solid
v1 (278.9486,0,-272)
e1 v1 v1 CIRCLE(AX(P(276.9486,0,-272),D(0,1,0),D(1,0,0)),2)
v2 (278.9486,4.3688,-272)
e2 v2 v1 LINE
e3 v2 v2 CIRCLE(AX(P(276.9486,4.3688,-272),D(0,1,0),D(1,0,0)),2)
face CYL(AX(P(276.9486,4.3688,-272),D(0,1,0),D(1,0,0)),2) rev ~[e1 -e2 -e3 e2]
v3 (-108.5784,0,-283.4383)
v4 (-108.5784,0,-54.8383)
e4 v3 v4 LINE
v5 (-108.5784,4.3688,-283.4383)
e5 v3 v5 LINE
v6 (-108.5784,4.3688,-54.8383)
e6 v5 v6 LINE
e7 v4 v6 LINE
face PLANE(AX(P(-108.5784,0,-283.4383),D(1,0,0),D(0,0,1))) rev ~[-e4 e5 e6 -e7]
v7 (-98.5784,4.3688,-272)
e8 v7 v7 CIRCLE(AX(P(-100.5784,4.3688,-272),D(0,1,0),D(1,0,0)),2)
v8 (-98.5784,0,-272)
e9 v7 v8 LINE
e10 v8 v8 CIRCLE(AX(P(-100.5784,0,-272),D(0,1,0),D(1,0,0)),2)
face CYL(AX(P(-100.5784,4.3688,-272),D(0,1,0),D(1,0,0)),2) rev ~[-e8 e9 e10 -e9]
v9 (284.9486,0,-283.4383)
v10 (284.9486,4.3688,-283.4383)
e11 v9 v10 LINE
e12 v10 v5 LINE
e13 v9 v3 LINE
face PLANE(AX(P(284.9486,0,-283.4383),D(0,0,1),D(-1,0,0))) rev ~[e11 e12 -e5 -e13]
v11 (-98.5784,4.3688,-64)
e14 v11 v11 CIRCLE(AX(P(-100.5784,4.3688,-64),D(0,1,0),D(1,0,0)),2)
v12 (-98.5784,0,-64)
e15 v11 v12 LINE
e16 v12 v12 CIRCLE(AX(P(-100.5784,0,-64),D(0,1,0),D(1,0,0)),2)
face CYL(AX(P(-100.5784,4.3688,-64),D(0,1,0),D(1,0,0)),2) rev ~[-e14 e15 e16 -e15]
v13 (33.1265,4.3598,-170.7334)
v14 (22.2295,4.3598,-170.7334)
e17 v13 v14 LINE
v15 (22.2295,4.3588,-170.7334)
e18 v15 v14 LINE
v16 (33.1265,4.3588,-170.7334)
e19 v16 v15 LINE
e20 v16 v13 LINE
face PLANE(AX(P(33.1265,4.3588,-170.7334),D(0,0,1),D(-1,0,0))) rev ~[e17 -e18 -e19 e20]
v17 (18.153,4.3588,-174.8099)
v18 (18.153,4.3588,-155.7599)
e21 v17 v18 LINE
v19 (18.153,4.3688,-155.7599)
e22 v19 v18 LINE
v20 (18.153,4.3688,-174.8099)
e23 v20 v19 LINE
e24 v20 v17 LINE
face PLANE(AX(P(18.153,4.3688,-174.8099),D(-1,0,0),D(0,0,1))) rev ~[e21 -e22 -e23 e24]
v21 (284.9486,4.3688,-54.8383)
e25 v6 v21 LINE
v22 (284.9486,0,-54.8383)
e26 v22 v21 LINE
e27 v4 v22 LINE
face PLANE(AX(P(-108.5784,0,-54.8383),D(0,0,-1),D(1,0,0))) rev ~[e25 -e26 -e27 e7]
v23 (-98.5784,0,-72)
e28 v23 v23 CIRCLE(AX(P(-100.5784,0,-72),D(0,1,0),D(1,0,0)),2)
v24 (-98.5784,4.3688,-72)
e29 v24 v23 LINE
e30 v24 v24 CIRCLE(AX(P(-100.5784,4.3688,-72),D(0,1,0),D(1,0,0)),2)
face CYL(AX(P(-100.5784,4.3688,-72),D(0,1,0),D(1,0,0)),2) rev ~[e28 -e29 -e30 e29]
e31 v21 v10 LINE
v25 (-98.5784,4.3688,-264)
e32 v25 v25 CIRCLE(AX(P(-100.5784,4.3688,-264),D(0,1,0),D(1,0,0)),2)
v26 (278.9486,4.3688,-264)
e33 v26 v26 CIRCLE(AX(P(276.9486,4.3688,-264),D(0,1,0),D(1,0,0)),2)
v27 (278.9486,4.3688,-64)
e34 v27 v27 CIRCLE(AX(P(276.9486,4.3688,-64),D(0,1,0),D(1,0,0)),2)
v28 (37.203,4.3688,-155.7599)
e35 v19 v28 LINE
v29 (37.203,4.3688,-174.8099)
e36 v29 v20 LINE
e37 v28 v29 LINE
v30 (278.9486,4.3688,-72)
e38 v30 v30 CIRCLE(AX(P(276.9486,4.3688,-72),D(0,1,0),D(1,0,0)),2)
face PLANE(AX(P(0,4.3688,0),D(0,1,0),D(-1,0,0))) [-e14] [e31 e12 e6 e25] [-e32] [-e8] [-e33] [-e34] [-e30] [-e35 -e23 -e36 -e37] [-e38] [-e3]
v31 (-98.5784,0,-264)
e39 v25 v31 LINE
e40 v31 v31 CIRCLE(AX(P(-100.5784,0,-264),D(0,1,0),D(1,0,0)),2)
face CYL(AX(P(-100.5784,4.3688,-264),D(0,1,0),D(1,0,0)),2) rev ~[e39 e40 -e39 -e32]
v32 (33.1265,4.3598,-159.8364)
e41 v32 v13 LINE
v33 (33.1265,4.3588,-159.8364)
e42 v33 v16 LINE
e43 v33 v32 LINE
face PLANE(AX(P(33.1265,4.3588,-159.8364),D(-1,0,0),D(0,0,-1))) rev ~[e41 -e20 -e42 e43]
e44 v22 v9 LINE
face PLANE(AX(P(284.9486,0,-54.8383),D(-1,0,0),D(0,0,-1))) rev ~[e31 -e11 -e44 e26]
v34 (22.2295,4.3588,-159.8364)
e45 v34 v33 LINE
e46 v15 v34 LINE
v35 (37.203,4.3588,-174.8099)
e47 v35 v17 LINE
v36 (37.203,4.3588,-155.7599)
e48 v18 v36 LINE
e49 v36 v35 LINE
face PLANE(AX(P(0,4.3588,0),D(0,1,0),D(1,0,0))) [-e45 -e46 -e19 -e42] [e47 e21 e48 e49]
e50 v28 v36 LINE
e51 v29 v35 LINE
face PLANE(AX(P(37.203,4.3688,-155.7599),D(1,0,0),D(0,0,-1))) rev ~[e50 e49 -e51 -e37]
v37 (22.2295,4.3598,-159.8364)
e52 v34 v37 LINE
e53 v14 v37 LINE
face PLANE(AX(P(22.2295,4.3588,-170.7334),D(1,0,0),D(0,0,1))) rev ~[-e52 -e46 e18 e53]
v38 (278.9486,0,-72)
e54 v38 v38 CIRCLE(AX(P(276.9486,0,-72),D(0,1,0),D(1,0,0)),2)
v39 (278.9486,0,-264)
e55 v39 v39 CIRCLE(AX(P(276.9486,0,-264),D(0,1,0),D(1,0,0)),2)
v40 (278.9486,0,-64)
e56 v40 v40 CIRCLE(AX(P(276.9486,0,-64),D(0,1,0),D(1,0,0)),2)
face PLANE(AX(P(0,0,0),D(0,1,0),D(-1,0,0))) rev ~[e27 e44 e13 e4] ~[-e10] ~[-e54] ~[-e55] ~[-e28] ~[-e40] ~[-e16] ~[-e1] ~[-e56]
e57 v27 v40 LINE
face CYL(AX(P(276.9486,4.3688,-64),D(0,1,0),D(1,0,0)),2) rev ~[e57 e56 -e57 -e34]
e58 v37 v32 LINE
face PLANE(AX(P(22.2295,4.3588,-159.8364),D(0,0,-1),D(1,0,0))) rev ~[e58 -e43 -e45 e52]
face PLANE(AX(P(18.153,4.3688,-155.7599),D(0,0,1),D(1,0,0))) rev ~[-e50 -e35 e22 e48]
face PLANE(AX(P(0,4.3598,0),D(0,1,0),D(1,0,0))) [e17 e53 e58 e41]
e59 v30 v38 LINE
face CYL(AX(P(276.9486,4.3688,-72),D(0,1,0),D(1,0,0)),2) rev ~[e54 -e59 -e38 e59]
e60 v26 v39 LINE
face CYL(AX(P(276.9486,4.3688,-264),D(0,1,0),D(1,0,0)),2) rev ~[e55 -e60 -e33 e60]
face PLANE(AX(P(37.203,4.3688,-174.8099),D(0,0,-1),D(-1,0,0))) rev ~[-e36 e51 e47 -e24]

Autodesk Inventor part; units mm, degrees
ref_plane "YZ Plane" through (0, 0, 0) normal (1, 0, 0) x (0, 1, 0)
ref_plane "XZ Plane" through (0, 0, 0) normal (0, 1, 0) x (-1, 0, 0)
ref_plane "XY Plane" through (0, 0, 0) normal (0, 0, 1) x (1, 0, 0)
sketch "Sketch1" plane through (0, 0, 0) normal (0, 1, 0) x (-1, 0, 0)
  line L0 (108.5784, -54.8383) -> (-284.9486, -54.8383)
  line L1 (-284.9486, -54.8383) -> (-284.9486, -283.4383)
  line L2 (-284.9486, -283.4383) -> (108.5784, -283.4383)
  line L3 (108.5784, -283.4383) -> (108.5784, -54.8383)
  point P0 (0, 0)
  dimension "d0" = 393.527
  dimension "d1" = 228.6
extrude "Extrusion1" add sketch "Sketch1" along normal blind 4.3688
sketch "Sketch2" plane through (0, 4.3688, 0) normal (0, 1, 0) x (1, 0, 0)
  line L0 (-108.5784, 54.8383) -> (284.9486, 54.8383) construction
  line L1 (284.9486, 54.8383) -> (284.9486, 283.4383) construction
  line L2 (284.9486, 283.4383) -> (-108.5784, 283.4383) construction
  line L3 (-108.5784, 283.4383) -> (-108.5784, 54.8383) construction
  line L4 (88.1851, 283.4383) -> (88.1851, 54.8383) construction
  line L5 (268.9486, 0) -> (284.9486, 0) construction
  line L6 (284.9486, 0) -> (284.9486, 336) construction
  line L7 (268.9486, 336) -> (284.9486, 336) construction
  line L8 (268.9486, 336) -> (268.9486, 0) construction
  circle A0 centre (276.9486, 64) radius 2
  circle A1 centre (276.9486, 72) radius 2
  circle A2 centre (276.9486, 264) radius 2
  circle A3 centre (276.9486, 272) radius 2
  circle A4 centre (-100.5784, 264) radius 2
  circle A5 centre (-100.5784, 72) radius 2
  circle A6 centre (-100.5784, 64) radius 2
  circle A7 centre (-100.5784, 272) radius 2
  dimension "d16" = 64
  dimension "d17" = 72
  dimension "d20" = 64
  dimension "d21" = 72
  dimension "d24" = 4
  dimension "d25" = 4
  dimension "d26" = 4
  dimension "d27" = 4
  dimension "d28" = 9.1617
  dimension "d29" = 17.1617
  dimension "d30" = 19.4383
  dimension "d31" = 11.4383
  dimension "d34" = 8
  dimension "d35" = 8
  dimension "d36" = 8
  dimension "d37" = 8
  dimension "d38" = 8
extrude "Extrusion2" cut sketch "Sketch2" against normal up to next
sketch "Sketch3" plane through (0, 4.3688, 0) normal (0, 1, 0) x (1, 0, 0)
  line L0 (37.203, 174.8099) -> (18.153, 174.8099)
  line L1 (18.153, 174.8099) -> (18.153, 155.7599)
  line L2 (18.153, 155.7599) -> (37.203, 155.7599)
  line L3 (37.203, 155.7599) -> (37.203, 174.8099)
  point P0 (0, 0)
  dimension "d39" = 19.05
  dimension "d40" = 19.05
extrude "Extrusion3" cut sketch "Sketch3" against normal blind 0.01
sketch "Sketch4" plane through (0, 4.3588, 0) normal (0, 1, 0) x (1, 0, 0)
  line L0 (18.153, 155.7599) -> (18.153, 174.8099) construction
  line L1 (37.203, 155.7599) -> (18.153, 155.7599) construction
  line L2 (22.2295, 159.8364) -> (33.1265, 159.8364)
  line L3 (33.1265, 159.8364) -> (33.1265, 170.7334)
  line L4 (33.1265, 170.7334) -> (22.2295, 170.7334)
  line L5 (22.2295, 170.7334) -> (22.2295, 159.8364)
  point P0 (0, 0)
  dimension "d43" = 10.897
  dimension "d44" = 10.897
  dimension "d45" = 4.0765
  dimension "d46" = 4.0765
extrude "Extrusion4" add sketch "Sketch4" along normal blind 0.001
properties part number "Plexiglass base"
